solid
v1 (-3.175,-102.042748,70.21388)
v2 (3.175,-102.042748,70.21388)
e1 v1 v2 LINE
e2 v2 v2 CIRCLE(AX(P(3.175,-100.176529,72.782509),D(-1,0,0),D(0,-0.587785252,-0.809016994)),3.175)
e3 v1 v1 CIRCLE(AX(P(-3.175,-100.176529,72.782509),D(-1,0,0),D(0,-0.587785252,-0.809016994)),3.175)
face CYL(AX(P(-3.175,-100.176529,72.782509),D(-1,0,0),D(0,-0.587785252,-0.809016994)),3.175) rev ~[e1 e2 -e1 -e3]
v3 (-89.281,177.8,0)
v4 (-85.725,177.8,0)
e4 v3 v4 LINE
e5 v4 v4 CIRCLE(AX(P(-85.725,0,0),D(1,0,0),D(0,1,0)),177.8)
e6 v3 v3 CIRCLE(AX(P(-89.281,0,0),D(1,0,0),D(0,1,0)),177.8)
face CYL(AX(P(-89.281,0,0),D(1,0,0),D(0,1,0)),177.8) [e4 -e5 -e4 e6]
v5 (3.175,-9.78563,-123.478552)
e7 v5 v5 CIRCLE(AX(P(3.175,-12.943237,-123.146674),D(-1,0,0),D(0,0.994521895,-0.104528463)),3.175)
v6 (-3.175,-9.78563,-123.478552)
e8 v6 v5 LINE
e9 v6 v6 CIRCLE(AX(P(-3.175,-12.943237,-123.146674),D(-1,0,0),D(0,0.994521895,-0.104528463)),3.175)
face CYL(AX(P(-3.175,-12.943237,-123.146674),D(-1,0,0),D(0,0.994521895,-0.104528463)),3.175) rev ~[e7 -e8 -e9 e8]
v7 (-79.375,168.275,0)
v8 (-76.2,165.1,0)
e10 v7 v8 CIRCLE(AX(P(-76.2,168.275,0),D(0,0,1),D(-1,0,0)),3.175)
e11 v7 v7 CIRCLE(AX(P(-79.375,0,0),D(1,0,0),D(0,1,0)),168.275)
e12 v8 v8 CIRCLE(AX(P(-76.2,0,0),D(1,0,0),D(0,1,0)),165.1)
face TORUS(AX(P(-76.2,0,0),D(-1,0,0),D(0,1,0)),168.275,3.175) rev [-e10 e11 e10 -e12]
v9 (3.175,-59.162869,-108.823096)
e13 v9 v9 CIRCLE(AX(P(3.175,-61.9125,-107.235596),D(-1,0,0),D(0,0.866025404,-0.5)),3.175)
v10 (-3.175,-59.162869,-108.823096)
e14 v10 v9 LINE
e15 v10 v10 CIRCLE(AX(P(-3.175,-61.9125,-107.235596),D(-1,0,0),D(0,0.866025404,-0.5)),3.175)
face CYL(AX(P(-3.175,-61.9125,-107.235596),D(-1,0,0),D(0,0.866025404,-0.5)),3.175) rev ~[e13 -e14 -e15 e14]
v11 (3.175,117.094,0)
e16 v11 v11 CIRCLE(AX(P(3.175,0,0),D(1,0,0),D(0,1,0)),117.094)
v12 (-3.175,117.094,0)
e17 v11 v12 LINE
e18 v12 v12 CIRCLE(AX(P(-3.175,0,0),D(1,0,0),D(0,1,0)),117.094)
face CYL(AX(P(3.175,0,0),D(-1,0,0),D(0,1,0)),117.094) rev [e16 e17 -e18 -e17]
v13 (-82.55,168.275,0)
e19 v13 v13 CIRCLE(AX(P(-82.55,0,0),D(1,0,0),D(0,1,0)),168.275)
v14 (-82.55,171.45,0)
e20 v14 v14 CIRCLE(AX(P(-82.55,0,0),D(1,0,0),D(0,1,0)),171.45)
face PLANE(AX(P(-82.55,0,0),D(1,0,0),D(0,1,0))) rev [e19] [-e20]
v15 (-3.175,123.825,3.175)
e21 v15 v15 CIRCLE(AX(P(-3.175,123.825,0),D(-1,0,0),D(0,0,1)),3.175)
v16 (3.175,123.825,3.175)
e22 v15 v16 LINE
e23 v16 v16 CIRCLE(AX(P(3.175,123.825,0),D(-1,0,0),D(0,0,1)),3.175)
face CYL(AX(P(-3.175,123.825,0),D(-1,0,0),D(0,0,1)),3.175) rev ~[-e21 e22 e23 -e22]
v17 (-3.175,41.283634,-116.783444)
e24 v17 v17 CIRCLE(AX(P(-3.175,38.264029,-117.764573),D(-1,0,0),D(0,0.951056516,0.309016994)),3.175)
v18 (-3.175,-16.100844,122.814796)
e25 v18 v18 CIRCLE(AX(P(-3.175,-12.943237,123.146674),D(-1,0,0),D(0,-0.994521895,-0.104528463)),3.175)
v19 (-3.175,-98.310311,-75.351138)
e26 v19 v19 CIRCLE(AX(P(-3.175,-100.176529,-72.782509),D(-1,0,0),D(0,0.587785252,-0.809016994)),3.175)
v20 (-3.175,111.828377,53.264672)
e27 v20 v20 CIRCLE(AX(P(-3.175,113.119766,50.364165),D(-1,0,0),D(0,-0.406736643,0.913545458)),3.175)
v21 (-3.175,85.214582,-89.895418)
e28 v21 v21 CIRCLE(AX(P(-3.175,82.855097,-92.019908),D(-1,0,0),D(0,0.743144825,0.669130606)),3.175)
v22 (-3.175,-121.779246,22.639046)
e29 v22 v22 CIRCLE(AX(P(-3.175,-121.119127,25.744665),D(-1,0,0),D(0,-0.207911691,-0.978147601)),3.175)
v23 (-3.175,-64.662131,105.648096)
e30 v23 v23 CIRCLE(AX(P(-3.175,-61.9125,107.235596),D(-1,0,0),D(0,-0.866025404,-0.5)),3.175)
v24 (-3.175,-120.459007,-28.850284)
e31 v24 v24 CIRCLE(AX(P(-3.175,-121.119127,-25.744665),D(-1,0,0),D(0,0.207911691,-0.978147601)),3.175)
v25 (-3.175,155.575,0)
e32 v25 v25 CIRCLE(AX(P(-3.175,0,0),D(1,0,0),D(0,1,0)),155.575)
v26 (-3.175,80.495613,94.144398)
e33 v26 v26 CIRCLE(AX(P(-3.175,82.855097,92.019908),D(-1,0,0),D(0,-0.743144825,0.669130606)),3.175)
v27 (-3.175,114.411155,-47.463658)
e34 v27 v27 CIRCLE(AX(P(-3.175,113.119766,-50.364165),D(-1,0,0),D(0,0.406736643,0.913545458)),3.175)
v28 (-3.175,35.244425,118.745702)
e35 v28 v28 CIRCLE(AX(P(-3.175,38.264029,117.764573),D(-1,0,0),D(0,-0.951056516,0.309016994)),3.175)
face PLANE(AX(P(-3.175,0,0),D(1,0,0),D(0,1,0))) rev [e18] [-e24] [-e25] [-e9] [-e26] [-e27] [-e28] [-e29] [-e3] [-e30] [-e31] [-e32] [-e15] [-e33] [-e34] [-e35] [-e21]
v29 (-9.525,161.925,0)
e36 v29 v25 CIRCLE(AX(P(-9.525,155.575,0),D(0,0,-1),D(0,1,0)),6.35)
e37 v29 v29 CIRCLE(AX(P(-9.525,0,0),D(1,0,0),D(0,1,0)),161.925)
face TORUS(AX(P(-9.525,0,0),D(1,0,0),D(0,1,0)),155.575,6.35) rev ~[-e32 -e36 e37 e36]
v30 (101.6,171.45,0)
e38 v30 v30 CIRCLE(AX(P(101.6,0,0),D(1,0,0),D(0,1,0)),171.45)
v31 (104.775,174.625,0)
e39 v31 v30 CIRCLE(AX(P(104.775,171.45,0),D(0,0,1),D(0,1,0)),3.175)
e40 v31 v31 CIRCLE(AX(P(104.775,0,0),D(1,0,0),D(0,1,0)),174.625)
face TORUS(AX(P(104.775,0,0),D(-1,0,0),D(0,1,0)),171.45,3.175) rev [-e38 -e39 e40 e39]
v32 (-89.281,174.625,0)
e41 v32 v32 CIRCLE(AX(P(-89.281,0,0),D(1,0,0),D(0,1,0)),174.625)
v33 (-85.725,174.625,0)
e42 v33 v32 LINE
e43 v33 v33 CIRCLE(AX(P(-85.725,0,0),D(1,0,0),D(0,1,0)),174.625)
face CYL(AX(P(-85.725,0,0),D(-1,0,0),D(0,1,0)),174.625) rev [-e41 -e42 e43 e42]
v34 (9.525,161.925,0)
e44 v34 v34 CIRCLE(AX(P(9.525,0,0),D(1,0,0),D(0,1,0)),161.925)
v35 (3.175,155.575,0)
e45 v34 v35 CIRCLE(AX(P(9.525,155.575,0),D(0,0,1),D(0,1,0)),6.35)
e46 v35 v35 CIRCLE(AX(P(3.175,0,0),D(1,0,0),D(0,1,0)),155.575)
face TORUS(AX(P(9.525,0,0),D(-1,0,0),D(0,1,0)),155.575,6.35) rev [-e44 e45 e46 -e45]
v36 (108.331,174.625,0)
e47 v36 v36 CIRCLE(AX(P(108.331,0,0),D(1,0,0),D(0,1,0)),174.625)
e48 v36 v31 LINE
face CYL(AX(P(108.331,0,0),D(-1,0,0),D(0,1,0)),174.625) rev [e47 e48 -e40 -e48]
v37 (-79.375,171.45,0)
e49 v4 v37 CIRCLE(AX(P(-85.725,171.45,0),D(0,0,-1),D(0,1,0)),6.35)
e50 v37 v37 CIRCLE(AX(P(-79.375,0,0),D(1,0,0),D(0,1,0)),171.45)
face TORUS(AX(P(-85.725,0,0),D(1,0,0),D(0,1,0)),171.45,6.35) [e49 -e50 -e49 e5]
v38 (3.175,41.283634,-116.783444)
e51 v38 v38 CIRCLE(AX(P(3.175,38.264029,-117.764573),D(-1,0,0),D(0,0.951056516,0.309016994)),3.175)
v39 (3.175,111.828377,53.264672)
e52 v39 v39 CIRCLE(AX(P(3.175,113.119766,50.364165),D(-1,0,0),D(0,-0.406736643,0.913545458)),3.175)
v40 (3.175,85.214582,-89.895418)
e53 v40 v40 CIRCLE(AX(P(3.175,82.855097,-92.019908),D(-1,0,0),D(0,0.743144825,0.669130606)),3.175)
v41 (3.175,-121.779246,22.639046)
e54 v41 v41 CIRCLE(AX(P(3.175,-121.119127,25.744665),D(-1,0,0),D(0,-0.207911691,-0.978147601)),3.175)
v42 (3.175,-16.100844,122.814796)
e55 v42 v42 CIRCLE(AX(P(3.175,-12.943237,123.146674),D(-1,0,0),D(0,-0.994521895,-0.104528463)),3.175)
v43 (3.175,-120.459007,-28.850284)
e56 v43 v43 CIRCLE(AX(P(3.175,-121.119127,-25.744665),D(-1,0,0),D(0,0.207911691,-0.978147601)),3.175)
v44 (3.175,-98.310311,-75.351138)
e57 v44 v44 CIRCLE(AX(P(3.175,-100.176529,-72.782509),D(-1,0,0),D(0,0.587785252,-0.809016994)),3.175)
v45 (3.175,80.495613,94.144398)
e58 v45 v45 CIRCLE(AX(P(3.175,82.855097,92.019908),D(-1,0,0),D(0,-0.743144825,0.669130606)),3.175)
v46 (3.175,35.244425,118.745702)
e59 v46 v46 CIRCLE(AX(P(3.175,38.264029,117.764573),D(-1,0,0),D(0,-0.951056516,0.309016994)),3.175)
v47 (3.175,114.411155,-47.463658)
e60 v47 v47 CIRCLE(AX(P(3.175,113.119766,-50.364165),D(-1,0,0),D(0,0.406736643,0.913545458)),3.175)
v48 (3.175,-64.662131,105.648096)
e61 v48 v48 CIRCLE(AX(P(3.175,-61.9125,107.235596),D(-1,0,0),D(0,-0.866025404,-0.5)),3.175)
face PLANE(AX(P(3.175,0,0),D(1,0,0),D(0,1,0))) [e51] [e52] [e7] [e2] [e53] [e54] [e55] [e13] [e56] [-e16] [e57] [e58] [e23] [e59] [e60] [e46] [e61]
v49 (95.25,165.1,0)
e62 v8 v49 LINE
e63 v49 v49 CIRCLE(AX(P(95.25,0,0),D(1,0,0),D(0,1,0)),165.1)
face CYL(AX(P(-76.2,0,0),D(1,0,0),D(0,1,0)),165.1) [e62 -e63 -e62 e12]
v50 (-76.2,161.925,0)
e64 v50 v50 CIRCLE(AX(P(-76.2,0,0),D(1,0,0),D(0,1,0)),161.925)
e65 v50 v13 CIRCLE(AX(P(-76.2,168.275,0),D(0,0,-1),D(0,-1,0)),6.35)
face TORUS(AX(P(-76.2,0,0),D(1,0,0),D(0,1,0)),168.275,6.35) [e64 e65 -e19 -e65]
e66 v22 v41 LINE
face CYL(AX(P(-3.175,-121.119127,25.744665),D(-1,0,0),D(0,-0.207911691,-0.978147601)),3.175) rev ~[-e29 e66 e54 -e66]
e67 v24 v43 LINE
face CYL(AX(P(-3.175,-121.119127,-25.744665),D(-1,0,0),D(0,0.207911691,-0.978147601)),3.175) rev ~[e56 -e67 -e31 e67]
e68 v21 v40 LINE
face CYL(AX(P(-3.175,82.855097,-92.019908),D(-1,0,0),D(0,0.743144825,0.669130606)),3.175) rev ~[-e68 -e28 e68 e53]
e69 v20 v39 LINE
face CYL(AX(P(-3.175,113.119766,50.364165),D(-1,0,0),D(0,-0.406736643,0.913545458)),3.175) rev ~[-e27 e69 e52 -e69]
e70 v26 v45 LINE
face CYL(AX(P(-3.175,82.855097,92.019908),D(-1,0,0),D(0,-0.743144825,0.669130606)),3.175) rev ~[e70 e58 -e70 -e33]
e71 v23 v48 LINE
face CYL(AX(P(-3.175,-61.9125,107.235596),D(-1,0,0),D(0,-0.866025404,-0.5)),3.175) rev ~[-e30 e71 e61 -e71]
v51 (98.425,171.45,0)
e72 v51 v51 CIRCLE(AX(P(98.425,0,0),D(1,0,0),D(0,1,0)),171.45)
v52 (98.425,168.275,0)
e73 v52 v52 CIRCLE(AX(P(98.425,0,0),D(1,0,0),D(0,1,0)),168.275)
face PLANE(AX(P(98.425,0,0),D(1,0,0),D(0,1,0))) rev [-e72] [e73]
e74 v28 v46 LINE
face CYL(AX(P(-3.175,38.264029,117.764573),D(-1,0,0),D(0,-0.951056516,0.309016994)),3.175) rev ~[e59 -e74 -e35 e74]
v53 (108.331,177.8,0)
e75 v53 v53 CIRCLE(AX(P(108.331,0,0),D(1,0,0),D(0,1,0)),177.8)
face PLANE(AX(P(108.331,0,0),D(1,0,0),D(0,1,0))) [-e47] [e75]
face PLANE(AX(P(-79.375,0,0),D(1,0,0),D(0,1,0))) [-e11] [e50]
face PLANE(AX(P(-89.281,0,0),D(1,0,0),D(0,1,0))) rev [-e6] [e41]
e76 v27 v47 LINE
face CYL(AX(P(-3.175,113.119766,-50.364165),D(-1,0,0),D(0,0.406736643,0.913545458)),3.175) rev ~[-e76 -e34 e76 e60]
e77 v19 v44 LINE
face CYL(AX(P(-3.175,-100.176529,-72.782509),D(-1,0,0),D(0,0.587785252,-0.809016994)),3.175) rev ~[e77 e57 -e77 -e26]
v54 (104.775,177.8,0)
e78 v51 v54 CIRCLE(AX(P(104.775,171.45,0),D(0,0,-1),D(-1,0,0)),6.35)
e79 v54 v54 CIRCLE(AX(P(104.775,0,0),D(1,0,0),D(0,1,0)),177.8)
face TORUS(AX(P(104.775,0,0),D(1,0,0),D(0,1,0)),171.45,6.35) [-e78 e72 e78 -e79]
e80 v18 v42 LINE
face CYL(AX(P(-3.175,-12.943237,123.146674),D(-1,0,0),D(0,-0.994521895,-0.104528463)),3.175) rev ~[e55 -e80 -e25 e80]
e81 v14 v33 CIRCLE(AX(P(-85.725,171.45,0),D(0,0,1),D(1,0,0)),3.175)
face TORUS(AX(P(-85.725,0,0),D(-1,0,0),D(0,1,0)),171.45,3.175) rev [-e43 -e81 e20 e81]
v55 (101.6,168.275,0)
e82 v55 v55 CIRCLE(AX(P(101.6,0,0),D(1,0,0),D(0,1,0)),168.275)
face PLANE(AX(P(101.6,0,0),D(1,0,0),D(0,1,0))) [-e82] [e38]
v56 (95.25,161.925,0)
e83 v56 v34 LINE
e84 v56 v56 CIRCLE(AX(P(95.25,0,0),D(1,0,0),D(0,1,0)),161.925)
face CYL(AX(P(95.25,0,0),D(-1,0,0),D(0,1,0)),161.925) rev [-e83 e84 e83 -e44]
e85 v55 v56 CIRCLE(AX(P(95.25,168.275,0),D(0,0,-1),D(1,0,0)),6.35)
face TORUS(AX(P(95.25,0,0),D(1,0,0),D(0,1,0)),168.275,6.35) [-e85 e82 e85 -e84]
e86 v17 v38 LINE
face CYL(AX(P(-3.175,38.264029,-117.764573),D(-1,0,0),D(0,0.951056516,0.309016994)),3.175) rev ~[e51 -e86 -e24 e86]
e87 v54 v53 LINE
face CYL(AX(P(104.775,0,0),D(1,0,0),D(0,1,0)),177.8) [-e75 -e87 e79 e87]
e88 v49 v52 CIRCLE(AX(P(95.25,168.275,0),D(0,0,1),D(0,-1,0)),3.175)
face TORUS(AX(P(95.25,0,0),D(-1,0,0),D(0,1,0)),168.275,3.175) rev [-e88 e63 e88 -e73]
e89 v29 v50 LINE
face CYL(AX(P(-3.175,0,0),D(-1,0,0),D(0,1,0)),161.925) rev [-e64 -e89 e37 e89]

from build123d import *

# Parameters (mm, degrees)
SKETCH2_R          = 3.175
CUT_EXTRUDE1_DEPTH = 112.506
CIRPATTERN1_COUNT  = 15
FILLET1_R          = 6.35


with BuildPart() as part:
    # Sketch1 → Revolve1 (revolve)
    with BuildSketch(Plane.XY):
        with BuildLine():
            Line((0, 165.1), (95.25, 165.1))
            ThreePointArc((95.25, 165.1), (97.49506403, 166.02993597), (98.425, 168.275))
            Line((98.425, 168.275), (98.425, 171.45))
            ThreePointArc((98.425, 171.45), (100.284871939, 175.940128061), (104.775, 177.8))
            Line((104.775, 177.8), (108.331, 177.8))
            Line((108.331, 177.8), (108.331, 174.625))
            Line((108.331, 174.625), (104.775, 174.625))
            ThreePointArc((104.775, 174.625), (102.52993597, 173.69506403), (101.6, 171.45))
            Line((101.6, 171.45), (101.6, 168.275))
            ThreePointArc((101.6, 168.275), (99.740128061, 163.784871939), (95.25, 161.925))
            Line((95.25, 161.925), (3.175, 161.925))
            Line((3.175, 161.925), (3.175, 117.094))
            Line((3.175, 117.094), (-3.175, 117.094))
            Line((-3.175, 117.094), (-3.175, 161.925))
            Line((-3.175, 161.925), (-76.2, 161.925))
            ThreePointArc((-76.2, 161.925), (-80.690128061, 163.784871939), (-82.55, 168.275))
            Line((-82.55, 168.275), (-82.55, 171.45))
            ThreePointArc((-82.55, 171.45), (-83.47993597, 173.69506403), (-85.725, 174.625))
            Line((-85.725, 174.625), (-89.281, 174.625))
            Line((-89.281, 174.625), (-89.281, 177.8))
            Line((-89.281, 177.8), (-85.725, 177.8))
            ThreePointArc((-85.725, 177.8), (-81.234871939, 175.940128061), (-79.375, 171.45))
            Line((-79.375, 171.45), (-79.375, 168.275))
            ThreePointArc((-79.375, 168.275), (-78.44506403, 166.02993597), (-76.2, 165.1))
            Line((-76.2, 165.1), (0, 165.1))
        make_face()
    revolve(axis=Axis((-87.037910478, 0, 0), (1, 0, 0)))

    # Sketch2 → Cut-Extrude1 (cut, through all)
    with BuildSketch(Plane.ZY.offset(3.175)):
        with Locations((0, 123.825)):
            Circle(SKETCH2_R)
    cut_extrude1 = extrude(amount=-CUT_EXTRUDE1_DEPTH, mode=Mode.SUBTRACT)

    # CirPattern1: Cut-Extrude1 ×15 about axis
    cirpattern1_axis = Axis((0, 0, 0), (1, 0, 0))
    for i in range(1, CIRPATTERN1_COUNT):
        add(cut_extrude1.rotate(cirpattern1_axis, i * 360 / CIRPATTERN1_COUNT), mode=Mode.SUBTRACT)

    # Fillet1
    fillet1_edges = [part.edges().sort_by_distance(p)[0] for p in [
        (-3.175, -161.925, 0),
        (3.175, -161.925, 0),
    ]]
    fillet(fillet1_edges, radius=FILLET1_R)


solid = part.part
